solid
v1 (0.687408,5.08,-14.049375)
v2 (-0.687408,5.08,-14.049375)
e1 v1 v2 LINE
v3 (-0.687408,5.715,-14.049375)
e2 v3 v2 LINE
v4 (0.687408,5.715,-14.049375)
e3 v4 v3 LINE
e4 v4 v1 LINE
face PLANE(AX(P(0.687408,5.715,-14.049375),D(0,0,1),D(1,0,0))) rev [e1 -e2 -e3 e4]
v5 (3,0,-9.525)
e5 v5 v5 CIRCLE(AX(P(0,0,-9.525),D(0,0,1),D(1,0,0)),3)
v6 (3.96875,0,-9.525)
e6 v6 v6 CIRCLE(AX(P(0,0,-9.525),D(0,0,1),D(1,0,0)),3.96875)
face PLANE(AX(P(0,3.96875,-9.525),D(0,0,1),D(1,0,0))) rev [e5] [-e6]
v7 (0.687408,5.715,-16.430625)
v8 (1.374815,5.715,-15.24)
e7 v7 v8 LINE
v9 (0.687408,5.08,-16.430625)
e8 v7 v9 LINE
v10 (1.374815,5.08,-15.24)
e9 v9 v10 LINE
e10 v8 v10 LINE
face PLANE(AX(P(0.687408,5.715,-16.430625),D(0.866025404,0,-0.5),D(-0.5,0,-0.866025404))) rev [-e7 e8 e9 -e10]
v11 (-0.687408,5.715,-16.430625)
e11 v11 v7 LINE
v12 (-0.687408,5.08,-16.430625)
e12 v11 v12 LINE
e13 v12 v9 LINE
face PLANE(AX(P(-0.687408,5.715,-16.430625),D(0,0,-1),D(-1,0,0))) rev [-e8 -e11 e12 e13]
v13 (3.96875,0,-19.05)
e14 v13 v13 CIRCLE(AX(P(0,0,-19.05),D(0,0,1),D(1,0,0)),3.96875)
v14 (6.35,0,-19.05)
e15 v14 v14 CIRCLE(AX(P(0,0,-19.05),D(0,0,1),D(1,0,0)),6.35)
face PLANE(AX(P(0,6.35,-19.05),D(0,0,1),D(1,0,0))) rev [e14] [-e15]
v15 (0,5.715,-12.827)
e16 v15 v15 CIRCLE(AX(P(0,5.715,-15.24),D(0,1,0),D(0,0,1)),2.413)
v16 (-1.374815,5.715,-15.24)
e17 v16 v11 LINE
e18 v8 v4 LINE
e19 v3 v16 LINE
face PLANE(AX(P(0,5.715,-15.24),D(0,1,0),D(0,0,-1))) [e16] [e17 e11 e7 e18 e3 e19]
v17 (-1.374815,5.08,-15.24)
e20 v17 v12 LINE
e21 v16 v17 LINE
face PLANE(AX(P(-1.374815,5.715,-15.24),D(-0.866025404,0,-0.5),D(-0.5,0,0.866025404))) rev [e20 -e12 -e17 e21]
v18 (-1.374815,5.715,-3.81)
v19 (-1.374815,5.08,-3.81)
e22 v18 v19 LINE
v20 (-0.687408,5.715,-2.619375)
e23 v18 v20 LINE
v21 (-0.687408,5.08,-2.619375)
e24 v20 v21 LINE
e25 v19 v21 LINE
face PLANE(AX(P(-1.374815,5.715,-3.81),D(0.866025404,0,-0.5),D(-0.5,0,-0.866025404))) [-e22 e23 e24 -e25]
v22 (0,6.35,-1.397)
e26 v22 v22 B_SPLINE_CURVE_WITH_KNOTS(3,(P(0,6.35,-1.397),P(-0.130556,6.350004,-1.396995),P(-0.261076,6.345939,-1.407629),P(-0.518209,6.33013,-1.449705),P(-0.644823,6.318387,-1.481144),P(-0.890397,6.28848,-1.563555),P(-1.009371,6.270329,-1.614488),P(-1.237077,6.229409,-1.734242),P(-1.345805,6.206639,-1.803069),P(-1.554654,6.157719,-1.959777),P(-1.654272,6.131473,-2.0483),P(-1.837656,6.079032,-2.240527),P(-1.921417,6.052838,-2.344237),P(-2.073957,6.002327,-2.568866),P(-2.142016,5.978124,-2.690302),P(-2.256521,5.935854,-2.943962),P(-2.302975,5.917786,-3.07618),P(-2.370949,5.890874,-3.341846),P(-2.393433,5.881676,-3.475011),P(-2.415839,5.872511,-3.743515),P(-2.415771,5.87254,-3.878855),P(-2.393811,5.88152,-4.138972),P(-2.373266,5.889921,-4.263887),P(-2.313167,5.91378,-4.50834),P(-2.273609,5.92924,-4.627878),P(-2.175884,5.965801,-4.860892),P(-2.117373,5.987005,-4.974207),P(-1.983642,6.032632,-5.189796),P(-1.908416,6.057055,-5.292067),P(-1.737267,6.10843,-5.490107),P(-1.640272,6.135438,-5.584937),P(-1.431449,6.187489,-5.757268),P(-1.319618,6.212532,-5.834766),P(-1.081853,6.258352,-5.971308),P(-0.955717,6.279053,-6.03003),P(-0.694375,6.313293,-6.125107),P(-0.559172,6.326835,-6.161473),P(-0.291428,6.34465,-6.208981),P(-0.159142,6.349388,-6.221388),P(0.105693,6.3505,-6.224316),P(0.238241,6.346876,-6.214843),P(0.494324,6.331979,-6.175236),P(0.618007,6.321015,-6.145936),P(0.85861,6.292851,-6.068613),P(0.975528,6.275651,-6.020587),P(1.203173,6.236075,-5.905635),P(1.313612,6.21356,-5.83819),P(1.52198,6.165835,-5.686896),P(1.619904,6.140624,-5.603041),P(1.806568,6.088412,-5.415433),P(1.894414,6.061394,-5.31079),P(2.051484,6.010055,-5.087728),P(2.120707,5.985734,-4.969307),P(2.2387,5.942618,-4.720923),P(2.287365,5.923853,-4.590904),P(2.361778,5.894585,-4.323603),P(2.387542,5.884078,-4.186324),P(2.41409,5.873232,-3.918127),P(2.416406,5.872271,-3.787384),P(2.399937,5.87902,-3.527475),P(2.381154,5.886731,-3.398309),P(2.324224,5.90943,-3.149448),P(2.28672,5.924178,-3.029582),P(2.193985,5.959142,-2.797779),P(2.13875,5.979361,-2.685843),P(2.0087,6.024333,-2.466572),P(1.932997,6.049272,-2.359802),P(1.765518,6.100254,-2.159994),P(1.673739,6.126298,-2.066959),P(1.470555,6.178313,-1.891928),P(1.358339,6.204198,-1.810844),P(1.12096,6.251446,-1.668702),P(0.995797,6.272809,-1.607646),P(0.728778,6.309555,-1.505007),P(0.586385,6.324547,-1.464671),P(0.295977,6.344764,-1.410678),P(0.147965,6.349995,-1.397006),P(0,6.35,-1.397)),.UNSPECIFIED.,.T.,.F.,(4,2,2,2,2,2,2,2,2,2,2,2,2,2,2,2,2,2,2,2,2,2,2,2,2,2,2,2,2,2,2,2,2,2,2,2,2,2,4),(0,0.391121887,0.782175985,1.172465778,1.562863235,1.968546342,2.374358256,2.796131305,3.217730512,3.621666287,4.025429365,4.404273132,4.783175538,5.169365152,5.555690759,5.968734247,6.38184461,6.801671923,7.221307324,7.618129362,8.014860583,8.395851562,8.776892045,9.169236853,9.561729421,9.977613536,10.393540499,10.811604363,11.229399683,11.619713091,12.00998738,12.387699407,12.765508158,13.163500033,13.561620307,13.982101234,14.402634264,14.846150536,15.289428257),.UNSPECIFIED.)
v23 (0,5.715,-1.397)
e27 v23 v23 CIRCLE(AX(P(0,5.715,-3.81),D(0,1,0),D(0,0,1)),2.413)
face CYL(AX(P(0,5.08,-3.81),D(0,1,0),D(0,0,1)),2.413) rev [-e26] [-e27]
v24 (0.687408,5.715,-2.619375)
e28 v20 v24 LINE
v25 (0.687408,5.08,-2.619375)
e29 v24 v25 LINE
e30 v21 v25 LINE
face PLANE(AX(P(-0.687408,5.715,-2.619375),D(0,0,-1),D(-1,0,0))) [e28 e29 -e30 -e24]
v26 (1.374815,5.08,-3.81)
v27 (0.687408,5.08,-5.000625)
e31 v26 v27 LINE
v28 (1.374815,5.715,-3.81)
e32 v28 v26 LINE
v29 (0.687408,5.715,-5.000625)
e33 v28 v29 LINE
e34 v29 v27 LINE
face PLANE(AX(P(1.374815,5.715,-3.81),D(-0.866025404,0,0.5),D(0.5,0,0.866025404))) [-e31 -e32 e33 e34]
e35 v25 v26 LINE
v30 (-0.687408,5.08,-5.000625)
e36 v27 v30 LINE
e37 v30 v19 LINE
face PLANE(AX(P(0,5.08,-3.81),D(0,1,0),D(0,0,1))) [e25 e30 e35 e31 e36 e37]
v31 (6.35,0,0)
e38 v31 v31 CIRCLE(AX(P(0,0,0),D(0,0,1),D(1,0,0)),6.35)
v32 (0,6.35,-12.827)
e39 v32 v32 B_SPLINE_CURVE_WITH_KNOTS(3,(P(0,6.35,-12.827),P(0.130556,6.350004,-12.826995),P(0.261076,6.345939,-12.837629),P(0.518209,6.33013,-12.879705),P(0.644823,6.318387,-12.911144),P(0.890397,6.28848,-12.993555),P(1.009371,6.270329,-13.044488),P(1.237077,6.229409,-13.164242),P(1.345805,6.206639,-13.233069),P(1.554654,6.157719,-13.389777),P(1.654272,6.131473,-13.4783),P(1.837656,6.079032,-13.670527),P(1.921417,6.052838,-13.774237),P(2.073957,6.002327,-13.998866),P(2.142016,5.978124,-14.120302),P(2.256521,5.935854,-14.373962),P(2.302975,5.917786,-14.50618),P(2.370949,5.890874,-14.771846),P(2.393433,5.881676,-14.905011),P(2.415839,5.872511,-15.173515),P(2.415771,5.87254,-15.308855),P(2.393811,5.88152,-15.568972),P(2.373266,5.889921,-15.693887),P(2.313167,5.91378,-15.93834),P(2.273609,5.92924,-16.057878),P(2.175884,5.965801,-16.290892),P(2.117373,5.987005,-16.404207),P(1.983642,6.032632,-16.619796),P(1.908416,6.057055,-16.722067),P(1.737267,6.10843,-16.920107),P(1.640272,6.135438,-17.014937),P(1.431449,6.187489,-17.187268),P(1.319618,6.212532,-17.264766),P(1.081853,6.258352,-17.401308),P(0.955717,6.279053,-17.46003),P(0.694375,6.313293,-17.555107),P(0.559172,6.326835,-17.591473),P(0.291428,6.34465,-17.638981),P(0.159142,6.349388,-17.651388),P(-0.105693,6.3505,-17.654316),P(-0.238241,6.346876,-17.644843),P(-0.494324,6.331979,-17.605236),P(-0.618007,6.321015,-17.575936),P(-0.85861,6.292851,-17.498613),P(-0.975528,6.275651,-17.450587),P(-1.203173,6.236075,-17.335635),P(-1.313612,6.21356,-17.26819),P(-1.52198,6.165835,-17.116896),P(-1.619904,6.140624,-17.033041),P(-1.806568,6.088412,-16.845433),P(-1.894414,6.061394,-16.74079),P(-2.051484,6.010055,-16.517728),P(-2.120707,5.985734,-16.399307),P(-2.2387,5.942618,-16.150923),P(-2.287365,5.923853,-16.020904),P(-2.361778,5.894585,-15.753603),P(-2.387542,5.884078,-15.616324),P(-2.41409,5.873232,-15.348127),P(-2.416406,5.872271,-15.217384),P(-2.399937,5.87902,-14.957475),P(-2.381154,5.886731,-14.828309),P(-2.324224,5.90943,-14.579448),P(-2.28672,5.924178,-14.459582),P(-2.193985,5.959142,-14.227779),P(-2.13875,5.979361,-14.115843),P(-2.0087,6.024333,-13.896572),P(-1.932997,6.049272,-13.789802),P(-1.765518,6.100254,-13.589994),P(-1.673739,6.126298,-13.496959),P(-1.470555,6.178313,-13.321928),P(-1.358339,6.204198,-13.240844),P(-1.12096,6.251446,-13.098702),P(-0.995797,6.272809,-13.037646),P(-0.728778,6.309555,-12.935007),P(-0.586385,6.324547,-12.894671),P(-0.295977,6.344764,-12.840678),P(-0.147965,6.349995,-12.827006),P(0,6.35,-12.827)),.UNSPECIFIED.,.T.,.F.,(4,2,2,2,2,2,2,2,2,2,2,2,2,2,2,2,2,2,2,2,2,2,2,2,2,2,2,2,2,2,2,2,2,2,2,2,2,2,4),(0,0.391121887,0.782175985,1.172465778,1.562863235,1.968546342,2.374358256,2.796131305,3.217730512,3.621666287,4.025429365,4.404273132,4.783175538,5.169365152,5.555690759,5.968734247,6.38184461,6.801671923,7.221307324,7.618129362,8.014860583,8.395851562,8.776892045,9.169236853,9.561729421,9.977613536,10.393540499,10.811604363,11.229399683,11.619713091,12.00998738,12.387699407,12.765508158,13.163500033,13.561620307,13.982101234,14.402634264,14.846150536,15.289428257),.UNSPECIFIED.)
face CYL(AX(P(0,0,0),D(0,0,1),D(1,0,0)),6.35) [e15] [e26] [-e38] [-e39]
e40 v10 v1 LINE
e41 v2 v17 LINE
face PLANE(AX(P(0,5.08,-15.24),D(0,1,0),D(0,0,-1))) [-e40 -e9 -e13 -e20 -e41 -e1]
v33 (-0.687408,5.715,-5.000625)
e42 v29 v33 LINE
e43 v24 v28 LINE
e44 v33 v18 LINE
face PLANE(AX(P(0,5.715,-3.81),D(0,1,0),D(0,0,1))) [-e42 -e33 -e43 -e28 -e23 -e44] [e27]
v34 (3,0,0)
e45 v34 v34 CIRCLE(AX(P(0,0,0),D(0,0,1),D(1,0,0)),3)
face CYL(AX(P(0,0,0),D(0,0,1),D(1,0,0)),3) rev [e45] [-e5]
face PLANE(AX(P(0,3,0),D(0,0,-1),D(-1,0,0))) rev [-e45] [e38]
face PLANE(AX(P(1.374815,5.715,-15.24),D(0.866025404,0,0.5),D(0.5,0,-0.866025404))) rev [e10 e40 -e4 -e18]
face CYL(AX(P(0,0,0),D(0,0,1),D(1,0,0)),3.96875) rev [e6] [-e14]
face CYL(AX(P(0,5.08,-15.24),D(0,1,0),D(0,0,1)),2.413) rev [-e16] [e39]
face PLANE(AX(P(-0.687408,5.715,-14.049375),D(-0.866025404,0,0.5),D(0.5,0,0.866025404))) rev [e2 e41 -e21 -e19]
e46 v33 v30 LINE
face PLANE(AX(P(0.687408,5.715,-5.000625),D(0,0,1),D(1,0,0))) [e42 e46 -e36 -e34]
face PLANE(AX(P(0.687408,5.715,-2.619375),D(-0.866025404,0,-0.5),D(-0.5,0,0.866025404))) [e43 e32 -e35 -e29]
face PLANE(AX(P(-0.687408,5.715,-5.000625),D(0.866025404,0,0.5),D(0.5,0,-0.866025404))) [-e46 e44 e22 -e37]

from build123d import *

# Parameters (mm, degrees)
SKETCH4_R           = 2.413
CUT_EXTRUDE1_DEPTH  = 1.27
BOSS_EXTRUDE1_START = 0.635
SKETCH3_R           = 2.413
BOSS_EXTRUDE1_DEPTH = 0.635


with BuildPart() as part:
    # Sketch2 → Revolve1 (revolve)
    with BuildSketch(Plane(origin=(0, 0, 0), x_dir=(0, 0, -1), z_dir=(1, 0, 0)), mode=Mode.PRIVATE) as revolve1_sk:
        Polygon((0, 3), (0, 6.35), (19.05, 6.35), (19.05, 3.96875), (9.525, 3.96875), (9.525, 3), align=None)
    revolve(revolve1_sk.sketch.rotate(Axis((0, 0, 0), (0, 0, -1)), 90), axis=Axis((0, 0, 0), (0, 0, -1)))

    # Sketch4 → Cut-Extrude1 (cut)
    with BuildSketch(Plane(origin=(0, 6.35, 0), x_dir=(1, 0, 0), z_dir=(0, 1, 0))):
        with Locations(Location((0, 3.81, 0), (0, 0, 270))):
            Circle(SKETCH4_R)
    cut_extrude1 = extrude(amount=-CUT_EXTRUDE1_DEPTH, mode=Mode.SUBTRACT)

    # Sketch3 → Boss-Extrude1 (add)
    with BuildSketch(Plane(origin=(0, 5.08, 0), x_dir=(1, 0, 0), z_dir=(0, 1, 0)).offset(BOSS_EXTRUDE1_START)):
        with Locations(Location((0, 3.81, 0), (0, 0, 270))):
            Circle(SKETCH3_R)
        Polygon((1.374815329, 3.81), (0.687407664, 5.000625), (-0.687407664, 5.000625), (-1.374815329, 3.81), (-0.687407664, 2.619375), (0.687407664, 2.619375), align=None, mode=Mode.SUBTRACT)
    boss_extrude1 = extrude(amount=-BOSS_EXTRUDE1_DEPTH)

    # Mirror1: Cut-Extrude1, Boss-Extrude1 across plane
    add(cut_extrude1.mirror(Plane.XY.offset(-9.525)), mode=Mode.SUBTRACT)
    add(boss_extrude1.mirror(Plane.XY.offset(-9.525)))


solid = part.part
